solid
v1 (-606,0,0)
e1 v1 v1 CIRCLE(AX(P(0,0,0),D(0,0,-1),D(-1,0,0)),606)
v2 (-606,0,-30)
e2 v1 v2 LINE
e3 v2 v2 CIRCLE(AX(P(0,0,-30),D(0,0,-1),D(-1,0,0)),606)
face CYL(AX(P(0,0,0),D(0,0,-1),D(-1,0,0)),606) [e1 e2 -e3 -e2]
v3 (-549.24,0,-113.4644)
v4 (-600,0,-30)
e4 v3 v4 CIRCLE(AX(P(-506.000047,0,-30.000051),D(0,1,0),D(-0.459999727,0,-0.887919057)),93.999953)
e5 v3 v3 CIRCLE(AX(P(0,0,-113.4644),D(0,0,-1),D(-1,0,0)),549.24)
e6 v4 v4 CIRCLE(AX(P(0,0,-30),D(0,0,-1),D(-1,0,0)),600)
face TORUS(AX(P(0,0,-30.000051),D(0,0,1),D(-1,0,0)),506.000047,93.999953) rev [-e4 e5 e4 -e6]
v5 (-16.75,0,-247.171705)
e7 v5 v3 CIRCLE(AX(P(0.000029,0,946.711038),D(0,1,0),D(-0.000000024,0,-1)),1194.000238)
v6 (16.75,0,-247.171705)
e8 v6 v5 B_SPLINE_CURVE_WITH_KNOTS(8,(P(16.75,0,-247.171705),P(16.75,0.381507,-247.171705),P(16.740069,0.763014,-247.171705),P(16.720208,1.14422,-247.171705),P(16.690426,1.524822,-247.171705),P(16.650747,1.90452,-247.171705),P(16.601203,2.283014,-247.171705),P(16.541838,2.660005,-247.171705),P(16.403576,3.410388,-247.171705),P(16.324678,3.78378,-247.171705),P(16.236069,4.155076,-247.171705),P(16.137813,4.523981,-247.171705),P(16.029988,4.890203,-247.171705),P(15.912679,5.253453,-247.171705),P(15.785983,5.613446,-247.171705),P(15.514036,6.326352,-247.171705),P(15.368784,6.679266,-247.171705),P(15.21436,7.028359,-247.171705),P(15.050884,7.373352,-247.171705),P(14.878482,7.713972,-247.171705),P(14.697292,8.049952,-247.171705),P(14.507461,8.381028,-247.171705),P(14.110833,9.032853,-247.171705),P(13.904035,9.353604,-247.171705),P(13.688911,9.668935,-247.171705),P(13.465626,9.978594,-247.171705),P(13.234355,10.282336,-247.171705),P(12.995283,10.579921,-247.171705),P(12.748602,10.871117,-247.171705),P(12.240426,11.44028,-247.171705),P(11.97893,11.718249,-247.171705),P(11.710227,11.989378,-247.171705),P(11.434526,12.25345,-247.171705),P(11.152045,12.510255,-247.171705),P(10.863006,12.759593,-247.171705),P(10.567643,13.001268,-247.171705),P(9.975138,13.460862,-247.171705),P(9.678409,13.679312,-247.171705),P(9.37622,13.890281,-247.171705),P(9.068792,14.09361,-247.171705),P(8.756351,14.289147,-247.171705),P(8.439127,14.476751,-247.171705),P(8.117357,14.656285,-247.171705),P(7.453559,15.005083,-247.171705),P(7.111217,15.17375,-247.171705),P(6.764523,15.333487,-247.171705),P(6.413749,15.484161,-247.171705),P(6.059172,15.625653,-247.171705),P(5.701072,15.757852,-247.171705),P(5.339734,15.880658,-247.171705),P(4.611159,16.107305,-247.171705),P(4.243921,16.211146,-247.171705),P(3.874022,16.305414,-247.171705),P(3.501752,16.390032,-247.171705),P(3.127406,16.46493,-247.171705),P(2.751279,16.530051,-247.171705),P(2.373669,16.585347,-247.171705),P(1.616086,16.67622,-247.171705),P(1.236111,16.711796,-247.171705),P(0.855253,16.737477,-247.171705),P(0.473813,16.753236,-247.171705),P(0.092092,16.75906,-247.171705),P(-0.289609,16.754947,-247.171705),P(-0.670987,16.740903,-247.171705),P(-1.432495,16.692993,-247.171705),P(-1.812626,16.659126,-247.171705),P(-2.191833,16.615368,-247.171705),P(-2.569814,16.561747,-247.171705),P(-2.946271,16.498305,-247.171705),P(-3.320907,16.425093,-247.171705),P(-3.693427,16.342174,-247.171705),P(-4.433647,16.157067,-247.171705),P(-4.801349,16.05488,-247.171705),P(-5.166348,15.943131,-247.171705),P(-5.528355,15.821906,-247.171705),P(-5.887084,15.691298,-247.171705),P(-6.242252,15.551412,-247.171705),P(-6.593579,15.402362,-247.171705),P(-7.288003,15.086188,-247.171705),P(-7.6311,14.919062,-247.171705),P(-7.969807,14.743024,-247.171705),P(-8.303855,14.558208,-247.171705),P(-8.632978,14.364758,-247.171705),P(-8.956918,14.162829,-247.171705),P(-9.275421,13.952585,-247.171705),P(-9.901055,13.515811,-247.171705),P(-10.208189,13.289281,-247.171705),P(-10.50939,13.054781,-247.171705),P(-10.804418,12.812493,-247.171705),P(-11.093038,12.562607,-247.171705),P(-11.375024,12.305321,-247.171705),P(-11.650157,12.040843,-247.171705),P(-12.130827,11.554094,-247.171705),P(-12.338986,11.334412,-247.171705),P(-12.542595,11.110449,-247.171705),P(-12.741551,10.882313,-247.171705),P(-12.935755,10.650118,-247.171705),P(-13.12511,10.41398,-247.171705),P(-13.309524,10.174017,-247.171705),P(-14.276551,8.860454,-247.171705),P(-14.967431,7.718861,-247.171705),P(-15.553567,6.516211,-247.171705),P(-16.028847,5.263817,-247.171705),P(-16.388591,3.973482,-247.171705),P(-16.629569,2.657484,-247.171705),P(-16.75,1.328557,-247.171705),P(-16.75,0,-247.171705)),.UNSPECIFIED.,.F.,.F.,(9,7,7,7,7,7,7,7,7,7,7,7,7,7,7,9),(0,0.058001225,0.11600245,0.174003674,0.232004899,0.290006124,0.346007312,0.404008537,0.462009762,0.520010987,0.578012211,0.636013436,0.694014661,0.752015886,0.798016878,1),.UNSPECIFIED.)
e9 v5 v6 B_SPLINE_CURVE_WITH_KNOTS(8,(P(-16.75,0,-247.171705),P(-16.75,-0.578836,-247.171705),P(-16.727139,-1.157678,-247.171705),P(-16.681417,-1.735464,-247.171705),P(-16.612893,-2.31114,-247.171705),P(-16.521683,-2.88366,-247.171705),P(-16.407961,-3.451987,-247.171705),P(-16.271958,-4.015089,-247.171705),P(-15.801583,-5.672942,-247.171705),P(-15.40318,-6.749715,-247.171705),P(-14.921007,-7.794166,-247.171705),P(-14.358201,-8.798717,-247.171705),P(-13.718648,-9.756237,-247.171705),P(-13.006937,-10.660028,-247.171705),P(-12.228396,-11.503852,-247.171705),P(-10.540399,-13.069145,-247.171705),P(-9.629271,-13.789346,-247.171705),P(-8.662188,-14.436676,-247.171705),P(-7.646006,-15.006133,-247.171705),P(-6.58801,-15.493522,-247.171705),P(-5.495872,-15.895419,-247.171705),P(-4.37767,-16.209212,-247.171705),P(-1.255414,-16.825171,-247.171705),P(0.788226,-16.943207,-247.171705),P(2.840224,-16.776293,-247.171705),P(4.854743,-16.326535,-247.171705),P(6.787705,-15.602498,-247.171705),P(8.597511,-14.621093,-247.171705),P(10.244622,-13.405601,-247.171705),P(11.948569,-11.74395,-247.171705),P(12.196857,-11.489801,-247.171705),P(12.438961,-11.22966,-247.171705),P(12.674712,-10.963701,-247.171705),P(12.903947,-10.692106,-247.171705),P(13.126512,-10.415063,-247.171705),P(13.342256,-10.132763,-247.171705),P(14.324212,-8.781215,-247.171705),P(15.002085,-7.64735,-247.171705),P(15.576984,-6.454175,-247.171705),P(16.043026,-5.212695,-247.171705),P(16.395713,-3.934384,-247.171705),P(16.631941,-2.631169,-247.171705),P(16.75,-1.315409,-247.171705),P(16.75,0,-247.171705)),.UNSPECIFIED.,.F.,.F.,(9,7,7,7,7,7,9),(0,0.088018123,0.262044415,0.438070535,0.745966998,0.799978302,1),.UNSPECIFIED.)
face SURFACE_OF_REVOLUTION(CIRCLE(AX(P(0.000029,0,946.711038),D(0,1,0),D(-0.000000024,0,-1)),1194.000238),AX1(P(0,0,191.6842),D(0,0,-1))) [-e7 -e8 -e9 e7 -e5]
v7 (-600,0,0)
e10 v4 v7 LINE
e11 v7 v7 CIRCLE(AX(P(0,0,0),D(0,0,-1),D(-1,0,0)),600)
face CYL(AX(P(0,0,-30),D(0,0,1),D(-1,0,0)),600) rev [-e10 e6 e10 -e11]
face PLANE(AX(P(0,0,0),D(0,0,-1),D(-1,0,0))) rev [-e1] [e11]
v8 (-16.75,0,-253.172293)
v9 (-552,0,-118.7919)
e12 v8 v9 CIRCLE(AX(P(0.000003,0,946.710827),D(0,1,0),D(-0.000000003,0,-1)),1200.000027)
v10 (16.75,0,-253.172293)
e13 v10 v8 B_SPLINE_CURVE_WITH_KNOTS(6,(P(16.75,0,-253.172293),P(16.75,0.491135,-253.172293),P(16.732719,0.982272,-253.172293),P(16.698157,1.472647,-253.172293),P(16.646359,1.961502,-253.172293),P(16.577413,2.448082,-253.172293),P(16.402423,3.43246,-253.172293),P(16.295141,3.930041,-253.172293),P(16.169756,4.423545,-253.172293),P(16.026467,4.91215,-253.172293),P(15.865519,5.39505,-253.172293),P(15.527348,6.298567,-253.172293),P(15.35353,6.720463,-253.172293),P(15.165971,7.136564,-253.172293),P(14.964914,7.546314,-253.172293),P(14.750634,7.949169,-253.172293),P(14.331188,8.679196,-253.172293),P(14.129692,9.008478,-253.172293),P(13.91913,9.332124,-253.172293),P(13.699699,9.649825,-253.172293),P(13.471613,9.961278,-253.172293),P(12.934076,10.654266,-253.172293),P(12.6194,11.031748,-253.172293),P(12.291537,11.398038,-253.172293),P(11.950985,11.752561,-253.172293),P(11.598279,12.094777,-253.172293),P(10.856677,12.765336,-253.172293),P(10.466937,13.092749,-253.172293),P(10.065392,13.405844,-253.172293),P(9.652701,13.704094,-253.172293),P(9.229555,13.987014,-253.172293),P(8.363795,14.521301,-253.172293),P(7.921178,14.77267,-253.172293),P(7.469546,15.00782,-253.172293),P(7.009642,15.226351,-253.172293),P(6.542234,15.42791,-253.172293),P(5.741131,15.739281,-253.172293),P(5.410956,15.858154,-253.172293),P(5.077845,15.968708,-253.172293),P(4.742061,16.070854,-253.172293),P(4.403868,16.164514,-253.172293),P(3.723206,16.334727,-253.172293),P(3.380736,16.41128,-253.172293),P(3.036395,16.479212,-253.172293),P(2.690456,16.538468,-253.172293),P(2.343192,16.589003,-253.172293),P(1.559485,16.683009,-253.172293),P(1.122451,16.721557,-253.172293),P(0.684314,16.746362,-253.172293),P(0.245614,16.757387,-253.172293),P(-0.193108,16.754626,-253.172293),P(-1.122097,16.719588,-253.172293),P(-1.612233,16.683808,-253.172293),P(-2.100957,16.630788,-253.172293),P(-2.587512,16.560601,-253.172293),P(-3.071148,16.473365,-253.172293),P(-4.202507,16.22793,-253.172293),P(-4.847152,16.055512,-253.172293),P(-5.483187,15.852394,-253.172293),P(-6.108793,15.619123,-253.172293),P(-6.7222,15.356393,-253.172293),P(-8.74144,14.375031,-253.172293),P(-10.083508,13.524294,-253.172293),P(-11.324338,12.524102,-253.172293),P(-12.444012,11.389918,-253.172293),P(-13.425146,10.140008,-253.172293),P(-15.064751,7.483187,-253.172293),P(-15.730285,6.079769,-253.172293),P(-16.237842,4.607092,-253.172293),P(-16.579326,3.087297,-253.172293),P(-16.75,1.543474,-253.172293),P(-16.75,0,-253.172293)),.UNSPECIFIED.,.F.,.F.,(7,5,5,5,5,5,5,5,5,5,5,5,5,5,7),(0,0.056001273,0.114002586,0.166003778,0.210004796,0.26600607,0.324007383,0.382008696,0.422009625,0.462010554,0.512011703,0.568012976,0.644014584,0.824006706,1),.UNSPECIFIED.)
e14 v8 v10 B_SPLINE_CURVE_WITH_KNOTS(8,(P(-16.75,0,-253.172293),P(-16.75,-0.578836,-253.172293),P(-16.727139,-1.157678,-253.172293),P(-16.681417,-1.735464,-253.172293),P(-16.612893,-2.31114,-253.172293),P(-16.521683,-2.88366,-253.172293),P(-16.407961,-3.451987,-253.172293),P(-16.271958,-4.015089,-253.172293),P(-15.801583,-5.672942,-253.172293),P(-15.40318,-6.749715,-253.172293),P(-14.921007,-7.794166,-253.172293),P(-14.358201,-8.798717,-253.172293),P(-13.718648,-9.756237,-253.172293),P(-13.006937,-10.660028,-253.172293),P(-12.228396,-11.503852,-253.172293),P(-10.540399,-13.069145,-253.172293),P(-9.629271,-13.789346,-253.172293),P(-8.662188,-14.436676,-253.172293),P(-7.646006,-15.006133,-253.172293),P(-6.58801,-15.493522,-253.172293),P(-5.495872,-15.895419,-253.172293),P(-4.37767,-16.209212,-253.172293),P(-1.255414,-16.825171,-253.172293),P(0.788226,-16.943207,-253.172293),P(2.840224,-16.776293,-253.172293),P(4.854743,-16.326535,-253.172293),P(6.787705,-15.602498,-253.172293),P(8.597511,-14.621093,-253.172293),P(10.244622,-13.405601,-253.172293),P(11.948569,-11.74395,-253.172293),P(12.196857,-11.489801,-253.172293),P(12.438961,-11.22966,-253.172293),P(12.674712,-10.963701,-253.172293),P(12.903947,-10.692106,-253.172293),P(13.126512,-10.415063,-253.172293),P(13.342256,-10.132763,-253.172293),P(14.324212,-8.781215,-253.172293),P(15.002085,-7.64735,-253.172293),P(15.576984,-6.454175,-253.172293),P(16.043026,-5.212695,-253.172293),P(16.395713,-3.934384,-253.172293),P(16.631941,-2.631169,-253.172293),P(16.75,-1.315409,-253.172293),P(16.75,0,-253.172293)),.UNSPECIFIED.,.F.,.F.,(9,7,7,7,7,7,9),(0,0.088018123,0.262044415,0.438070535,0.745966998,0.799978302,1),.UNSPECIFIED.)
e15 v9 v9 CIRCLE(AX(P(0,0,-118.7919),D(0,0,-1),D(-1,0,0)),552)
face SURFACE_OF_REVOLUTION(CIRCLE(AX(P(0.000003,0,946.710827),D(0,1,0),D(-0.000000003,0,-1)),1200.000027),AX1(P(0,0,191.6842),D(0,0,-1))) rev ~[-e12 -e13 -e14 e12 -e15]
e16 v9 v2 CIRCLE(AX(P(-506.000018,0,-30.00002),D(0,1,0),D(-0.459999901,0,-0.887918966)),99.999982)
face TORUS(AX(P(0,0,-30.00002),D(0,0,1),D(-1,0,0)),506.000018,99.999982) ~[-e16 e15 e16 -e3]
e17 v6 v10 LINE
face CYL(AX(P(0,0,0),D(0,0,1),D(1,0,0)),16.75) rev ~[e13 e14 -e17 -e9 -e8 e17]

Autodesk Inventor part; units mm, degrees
ref_plane "YZ Plane" through (0, 0, 0) normal (1, 0, 0) x (0, 1, 0)
ref_plane "XZ Plane" through (0, 0, 0) normal (0, 1, 0) x (-1, 0, 0)
ref_plane "XY Plane" through (0, 0, 0) normal (0, 0, 1) x (1, 0, 0)
sketch "Sketch1" plane through (0, 0, 0) normal (0, 1, 0) x (-1, 0, 0)
  line L0 (606, 0) -> (606, -30)
  arc A0 (552, -118.7919) -> (606, -30) centre (506, -30) ccw
  arc A1 (0, -253.2892) -> (552, -118.7919) centre (0, 946.7108) ccw
  line L1 (0, 191.6842) -> (0, -191.6842)
  arc A2 (0, -247.2892) -> (549.24, -113.4644) centre (0, 946.7108) ccw
  arc A3 (549.24, -113.4644) -> (600, -30) centre (506, -30) ccw
  line L2 (600, -30) -> (600, 0)
  line L3 (600, 0) -> (606, 0)
  line L4 (0, -247.2892) -> (0, -253.2892)
  point P0 (0, 0)
  point P1 (0, 0)
  point P2 (0, -250.2892)
  point P3 (0, -163.7009)
  point P4 (0, -169.7009)
  dimension "d0" = 100
  dimension "d1" = 30
  dimension "d3" = 1200
  dimension "d6" = 6
  dimension "d11" = 1200
  dimension "d12" = 253.2892
revolve "Revolution1" add sketch "Sketch1" angle 360 about axis through (0, 0, 191.6842) along (0, 0, -1)
sketch "Sketch2" plane through (0, 0, 0) normal (0, 0, 1) x (1, 0, 0)
  circle A0 centre (0, 0) radius 16.75
  dimension "d8" = 33.5
extrude "Extrusion1" cut sketch "Sketch2" against normal through all
equation "\"d3\" = d11"
equation "\"Disherd_head_hight\" = d12"
properties part number "PNV - 704 dished head D1200" material "Steel"
